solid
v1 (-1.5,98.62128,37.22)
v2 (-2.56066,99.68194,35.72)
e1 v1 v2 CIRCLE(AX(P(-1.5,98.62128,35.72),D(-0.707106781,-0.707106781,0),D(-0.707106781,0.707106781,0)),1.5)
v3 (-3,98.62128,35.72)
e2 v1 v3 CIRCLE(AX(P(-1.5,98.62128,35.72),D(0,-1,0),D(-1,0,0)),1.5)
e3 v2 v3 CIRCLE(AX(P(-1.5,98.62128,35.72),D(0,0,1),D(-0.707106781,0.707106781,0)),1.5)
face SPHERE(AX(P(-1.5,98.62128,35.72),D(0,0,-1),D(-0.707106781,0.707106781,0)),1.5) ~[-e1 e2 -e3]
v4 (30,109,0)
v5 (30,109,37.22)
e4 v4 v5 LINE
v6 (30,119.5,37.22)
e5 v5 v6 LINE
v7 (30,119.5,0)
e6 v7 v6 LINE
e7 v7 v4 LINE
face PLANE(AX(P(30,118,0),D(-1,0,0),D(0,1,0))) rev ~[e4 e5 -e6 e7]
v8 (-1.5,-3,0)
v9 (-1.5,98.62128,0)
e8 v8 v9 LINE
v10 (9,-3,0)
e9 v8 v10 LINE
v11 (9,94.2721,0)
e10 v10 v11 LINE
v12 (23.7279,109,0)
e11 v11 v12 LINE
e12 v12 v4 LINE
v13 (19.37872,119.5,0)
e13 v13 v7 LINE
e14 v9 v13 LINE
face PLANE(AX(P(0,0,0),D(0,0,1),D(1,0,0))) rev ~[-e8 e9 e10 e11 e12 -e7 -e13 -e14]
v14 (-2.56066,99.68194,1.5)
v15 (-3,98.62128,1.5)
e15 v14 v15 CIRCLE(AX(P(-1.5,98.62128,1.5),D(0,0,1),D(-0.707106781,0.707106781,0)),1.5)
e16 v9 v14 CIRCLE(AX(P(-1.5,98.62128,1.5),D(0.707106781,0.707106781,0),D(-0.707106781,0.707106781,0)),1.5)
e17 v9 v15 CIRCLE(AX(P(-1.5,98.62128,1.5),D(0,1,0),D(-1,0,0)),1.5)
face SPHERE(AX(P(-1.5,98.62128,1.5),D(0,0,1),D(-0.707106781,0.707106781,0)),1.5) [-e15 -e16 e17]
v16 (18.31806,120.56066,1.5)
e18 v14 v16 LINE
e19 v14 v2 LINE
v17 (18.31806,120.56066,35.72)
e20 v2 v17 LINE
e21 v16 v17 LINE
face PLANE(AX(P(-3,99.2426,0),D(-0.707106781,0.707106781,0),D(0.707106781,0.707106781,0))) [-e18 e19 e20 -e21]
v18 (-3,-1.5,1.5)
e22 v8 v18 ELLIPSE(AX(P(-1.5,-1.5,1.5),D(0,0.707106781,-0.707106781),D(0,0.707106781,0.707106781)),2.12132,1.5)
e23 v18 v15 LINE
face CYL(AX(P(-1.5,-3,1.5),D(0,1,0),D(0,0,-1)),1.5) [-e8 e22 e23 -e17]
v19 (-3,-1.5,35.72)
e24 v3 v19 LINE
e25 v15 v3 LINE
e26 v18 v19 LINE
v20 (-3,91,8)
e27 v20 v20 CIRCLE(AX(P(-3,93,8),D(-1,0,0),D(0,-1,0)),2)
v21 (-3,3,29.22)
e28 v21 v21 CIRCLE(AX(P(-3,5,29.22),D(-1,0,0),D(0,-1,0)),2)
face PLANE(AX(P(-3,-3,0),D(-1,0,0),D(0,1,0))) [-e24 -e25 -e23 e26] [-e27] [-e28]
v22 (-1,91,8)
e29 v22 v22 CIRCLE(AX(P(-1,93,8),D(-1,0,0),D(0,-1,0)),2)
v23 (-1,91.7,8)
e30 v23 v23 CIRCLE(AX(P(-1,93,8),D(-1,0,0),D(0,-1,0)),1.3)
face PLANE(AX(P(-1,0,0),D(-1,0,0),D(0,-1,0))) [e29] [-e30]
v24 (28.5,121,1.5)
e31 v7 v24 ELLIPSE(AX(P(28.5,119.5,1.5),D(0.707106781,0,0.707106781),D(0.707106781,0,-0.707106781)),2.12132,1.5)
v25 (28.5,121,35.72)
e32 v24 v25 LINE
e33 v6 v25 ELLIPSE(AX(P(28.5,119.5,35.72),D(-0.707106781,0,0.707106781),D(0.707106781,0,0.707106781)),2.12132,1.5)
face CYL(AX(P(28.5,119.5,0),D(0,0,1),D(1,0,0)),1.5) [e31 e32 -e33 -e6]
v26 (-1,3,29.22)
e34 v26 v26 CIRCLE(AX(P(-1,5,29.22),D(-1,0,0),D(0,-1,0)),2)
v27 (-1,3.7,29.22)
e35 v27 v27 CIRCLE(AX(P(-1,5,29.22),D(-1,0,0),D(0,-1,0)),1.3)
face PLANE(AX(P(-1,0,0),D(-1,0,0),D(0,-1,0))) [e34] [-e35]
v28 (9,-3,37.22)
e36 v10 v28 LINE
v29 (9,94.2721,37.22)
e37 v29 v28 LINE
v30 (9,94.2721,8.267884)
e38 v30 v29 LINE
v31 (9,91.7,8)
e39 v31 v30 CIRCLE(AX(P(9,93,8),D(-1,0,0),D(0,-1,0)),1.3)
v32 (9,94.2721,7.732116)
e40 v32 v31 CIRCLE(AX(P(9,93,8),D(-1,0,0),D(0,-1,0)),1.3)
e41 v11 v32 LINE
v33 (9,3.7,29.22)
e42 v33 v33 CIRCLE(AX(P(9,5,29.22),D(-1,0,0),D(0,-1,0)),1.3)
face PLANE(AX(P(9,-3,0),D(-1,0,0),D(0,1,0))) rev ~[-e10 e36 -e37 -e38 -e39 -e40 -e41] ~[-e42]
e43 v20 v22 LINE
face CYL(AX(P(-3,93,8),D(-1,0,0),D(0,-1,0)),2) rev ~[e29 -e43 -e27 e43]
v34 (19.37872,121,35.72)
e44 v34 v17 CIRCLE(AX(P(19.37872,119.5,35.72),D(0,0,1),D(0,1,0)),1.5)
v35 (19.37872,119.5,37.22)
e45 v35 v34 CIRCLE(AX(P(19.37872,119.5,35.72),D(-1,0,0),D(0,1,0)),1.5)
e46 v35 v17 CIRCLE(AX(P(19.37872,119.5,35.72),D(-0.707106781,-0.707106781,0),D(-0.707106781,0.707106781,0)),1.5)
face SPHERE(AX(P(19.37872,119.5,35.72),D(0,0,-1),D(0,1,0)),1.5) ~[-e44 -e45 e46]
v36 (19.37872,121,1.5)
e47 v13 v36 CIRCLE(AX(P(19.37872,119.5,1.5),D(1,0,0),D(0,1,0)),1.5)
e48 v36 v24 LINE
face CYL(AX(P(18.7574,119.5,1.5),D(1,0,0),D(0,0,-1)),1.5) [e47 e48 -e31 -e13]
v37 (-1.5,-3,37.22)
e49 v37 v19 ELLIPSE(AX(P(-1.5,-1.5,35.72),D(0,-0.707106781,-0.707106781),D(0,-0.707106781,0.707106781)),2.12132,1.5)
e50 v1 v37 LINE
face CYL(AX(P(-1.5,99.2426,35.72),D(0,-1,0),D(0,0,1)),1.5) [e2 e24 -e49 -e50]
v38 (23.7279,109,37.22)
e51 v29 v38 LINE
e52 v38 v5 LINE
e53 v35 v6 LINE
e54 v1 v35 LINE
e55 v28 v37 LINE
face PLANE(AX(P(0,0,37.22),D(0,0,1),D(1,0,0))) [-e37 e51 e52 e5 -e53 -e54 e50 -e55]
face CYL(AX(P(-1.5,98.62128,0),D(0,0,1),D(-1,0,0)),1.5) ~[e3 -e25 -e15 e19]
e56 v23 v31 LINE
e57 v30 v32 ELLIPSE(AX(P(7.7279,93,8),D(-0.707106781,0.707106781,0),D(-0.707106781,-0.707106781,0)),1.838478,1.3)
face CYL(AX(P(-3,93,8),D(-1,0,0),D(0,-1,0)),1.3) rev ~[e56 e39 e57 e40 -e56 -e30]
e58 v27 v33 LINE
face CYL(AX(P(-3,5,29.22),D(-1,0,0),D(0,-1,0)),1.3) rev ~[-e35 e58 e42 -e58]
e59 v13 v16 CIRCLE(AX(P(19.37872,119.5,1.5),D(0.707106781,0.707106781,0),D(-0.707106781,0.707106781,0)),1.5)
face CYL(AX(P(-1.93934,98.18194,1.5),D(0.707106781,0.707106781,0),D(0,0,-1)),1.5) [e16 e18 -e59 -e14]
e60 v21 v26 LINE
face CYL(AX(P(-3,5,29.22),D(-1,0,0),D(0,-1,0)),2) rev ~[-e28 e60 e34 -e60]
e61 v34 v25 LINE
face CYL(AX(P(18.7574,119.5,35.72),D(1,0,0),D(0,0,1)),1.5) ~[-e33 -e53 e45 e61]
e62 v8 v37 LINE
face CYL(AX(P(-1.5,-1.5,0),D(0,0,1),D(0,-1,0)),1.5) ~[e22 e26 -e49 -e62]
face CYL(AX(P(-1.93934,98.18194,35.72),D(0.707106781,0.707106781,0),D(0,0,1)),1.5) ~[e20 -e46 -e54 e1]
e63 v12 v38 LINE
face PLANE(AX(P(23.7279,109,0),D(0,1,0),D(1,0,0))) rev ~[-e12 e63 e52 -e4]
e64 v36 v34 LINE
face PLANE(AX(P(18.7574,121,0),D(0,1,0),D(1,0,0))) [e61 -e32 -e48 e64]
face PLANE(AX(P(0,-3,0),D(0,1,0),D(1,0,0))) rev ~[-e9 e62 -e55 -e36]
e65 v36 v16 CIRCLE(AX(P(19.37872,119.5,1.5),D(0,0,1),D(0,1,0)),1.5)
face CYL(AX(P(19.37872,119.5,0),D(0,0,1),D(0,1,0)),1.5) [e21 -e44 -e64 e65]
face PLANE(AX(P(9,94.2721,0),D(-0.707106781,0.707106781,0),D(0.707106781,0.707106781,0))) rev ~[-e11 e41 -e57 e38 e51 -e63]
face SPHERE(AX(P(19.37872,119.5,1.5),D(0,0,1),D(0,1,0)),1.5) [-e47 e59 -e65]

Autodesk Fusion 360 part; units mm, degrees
sketch "Sketch1" plane through (0, 0, 0) normal (0, 0, 1) x (1, 0, 0)
  line L0 (0, 0) -> (0, 98) construction
  line L1 (0, 98) -> (20, 118) construction
  line L2 (20, 118) -> (30, 118) construction
  line L3 (9, 0) -> (9, 94.2721)
  line L4 (9, 94.2721) -> (23.7279, 109)
  line L5 (23.7279, 109) -> (30, 109)
  line L6 (-3, 0) -> (-3, 99.2426)
  line L7 (-3, 99.2426) -> (18.7574, 121)
  line L8 (18.7574, 121) -> (30, 121)
  line L9 (0, 0) -> (9, 0) construction
  line L10 (0, 0) -> (-3, 0) construction
  line L11 (30, 118) -> (30, 109)
  line L12 (30, 118) -> (30, 121)
  line L13 (0, -3) -> (9, -3)
  line L14 (0, -3) -> (-3, -3)
  line L15 (9, -3) -> (9, 0)
  line L16 (-3, -3) -> (-3, 0)
  dimension "d7" = 98
  dimension "d8" = 135
  dimension "d9" = 118
  dimension "d10" = 10
  dimension "d11" = 9
  dimension "d12" = -3
  dimension "d13" = 3
extrude "Extrude1" add sketch "Sketch1" along normal blind 37.22
shell "Shell1" thickness 3 removed faces 4 at (30, 119, 12.4067) at (25.8186, 109, 12.4067) at (13.9093, 99.1814, 24.8133) at (9, 31.424, 12.4067)
sketch "Sketch2" plane through (-3, 0, 0) normal (-1, 0, 0) x (0, -1, 0)
  line L0 (-99.2426, 0) -> (3, 0)
  line L1 (3, 0) -> (3, 37.22)
  line L2 (3, 37.22) -> (-99.2426, 37.22)
  line L3 (-99.2426, 37.22) -> (-99.2426, 0)
  line L4 (0, 3) -> (-98, 3) construction
  line L5 (-98, 3) -> (-98, 34.22) construction
  line L6 (-98, 34.22) -> (0, 34.22) construction
  line L7 (0, 34.22) -> (0, 3) construction
  circle A0 centre (-5, 29.22) radius 2
  circle A1 centre (-93, 8) radius 1.3
  circle A2 centre (-93, 8) radius 2
  circle A3 centre (-5, 29.22) radius 1.3
  dimension "d21" = 3
  dimension "d22" = 3
  dimension "d23" = 3
  dimension "d24" = 98
  dimension "d25" = 2.6
  dimension "d26" = 4
  dimension "d27" = 5
  dimension "d28" = 5
  dimension "d29" = 5
  dimension "d30" = 5
  dimension "d31" = 2.6
  dimension "d32" = 4
extrude "Extrude2" cut sketch "Sketch2" against normal through all contours A1 | A3
extrude "Extrude3" cut sketch "Sketch2" against normal blind 2 contours A0 | A2
fillet "Fillet3" radius 1.5 10 edges at (-3, -3, 18.61) (-3, 48.1213, 37.22) (-3, 48.1213, 0) (-3, 99.2426, 18.61) (7.8787, 110.1213, 37.22) (7.8787, 110.1213, 0) (18.7574, 121, 18.61) (24.3787, 121, 37.22) (24.3787, 121, 0) (30, 121, 18.61)
